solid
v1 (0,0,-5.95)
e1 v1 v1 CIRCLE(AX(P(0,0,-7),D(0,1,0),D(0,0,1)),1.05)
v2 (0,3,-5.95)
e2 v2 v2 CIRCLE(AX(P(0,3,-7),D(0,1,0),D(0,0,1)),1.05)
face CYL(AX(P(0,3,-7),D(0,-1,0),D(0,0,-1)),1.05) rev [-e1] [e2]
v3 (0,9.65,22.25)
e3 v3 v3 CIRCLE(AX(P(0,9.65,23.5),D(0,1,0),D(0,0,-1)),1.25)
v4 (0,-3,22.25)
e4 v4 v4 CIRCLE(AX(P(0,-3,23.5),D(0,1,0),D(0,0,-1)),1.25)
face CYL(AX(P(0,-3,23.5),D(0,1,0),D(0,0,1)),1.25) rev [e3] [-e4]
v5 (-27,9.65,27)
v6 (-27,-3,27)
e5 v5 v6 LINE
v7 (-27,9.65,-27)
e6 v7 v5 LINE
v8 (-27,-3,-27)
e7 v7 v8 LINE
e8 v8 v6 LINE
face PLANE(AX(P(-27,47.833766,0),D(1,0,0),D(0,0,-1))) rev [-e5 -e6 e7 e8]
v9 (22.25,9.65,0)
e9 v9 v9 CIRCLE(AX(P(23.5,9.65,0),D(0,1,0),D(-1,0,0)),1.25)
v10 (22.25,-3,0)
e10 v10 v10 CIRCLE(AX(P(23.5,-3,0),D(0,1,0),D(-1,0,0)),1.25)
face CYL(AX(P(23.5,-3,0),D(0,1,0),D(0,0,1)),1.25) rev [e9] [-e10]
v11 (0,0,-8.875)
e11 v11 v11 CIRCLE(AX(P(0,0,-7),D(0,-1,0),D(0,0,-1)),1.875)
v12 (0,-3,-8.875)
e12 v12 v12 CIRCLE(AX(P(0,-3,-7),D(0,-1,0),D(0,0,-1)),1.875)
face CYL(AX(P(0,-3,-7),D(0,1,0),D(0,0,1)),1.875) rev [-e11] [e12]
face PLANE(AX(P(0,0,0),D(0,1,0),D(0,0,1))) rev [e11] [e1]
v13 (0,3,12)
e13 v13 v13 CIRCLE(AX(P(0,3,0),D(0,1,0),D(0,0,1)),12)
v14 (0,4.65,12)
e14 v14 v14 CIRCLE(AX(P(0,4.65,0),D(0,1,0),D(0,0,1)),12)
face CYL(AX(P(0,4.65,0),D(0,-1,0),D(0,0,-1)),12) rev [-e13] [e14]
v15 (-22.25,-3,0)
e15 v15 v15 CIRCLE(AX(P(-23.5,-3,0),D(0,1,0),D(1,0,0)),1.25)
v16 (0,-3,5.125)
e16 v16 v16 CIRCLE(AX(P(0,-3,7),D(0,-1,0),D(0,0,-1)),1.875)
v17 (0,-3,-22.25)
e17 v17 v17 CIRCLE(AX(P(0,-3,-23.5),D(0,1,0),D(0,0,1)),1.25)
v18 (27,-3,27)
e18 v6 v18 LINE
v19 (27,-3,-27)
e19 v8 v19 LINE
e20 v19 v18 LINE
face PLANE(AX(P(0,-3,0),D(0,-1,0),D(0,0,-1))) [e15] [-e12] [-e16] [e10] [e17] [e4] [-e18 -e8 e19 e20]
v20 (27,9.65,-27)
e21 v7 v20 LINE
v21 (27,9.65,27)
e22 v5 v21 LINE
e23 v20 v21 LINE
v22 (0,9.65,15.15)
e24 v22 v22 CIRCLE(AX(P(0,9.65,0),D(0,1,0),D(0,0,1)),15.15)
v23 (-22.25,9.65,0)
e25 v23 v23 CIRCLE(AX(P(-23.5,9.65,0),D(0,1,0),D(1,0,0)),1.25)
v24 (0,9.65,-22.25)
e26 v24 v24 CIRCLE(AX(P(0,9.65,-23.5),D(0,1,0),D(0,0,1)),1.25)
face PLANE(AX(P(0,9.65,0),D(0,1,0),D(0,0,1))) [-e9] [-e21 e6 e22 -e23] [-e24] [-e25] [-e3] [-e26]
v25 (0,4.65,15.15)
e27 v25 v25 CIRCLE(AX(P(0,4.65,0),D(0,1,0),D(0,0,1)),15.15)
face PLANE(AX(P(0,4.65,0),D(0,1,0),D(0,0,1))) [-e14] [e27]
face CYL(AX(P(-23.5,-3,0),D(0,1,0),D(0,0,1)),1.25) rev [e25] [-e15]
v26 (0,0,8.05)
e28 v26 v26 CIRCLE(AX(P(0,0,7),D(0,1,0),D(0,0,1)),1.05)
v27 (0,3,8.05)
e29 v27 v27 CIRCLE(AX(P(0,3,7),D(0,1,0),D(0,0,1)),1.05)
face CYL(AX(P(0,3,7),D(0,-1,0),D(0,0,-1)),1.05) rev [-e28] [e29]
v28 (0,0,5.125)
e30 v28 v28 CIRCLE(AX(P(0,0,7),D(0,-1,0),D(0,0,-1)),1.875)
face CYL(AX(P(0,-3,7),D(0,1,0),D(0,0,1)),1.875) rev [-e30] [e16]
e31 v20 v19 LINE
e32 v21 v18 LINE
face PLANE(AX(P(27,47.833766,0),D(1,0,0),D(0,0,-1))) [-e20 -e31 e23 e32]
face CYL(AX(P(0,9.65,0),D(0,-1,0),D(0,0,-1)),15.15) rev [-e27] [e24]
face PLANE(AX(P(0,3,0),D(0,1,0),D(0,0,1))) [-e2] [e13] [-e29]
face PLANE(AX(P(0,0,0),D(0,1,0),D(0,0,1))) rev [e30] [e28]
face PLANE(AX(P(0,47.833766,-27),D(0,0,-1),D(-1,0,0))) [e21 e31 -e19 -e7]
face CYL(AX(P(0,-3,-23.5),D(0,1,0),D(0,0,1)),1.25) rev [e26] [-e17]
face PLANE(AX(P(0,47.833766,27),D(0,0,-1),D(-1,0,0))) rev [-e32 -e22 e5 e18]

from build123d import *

# Parameters (mm, degrees)
SKETCH1_R                       = 27
SKETCH1_R_2                     = 1.05
BOSS_EXTRUDE1_DEPTH             = 3
SKETCH2_R                       = 27
SKETCH2_R_2                     = 12
BOSS_EXTRUDE2_DEPTH             = 1.65
SKETCH3_R                       = 27
SKETCH3_R_2                     = 15.15
BOSS_EXTRUDE3_DEPTH             = 5
BOSS_EXTRUDE4_START             = 3
SKETCH4_R                       = 27
SKETCH4_R_2                     = 1.875
BOSS_EXTRUDE4_DEPTH             = 3
SKETCH6_R                       = 1.25
CUT_EXTRUDE2_DEPTH              = 41.224650402
CIRPATTERN2_COUNT               = 4
BOSS_EXTRUDE5_REACH             = 41.384
BOSS_EXTRUDE5_DIRECTION_2_REACH = 41.384


with BuildPart() as part:
    # Sketch1 → Boss-Extrude1 (new body)
    with BuildSketch(Plane(origin=(0, 0, 0), x_dir=(1, 0, 0), z_dir=(0, 1, 0))):
        with Locations(Location((0, 0, 0), (0, 0, 270))):
            Circle(SKETCH1_R)
        with Locations(Location((0, 7, 0), (0, 0, 270))):
            Circle(SKETCH1_R_2, mode=Mode.SUBTRACT)
        with Locations(Location((0, -7, 0), (0, 0, 270))):
            Circle(SKETCH1_R_2, mode=Mode.SUBTRACT)
    extrude(amount=BOSS_EXTRUDE1_DEPTH)

    # Sketch2 → Boss-Extrude2 (add)
    with BuildSketch(Plane(origin=(0, 3, 0), x_dir=(1, 0, 0), z_dir=(0, 1, 0))):
        with Locations(Location((0, 0, 0), (0, 0, 270))):
            Circle(SKETCH2_R)
        with Locations(Location((0, 0, 0), (0, 0, 270))):
            Circle(SKETCH2_R_2, mode=Mode.SUBTRACT)
    extrude(amount=BOSS_EXTRUDE2_DEPTH)

    # Sketch3 → Boss-Extrude3 (add)
    with BuildSketch(Plane(origin=(0, 4.65, 0), x_dir=(1, 0, 0), z_dir=(0, 1, 0))):
        with Locations(Location((0, 0, 0), (0, 0, 270))):
            Circle(SKETCH3_R)
        with Locations(Location((0, 0, 0), (0, 0, 270))):
            Circle(SKETCH3_R_2, mode=Mode.SUBTRACT)
    extrude(amount=BOSS_EXTRUDE3_DEPTH)

    # Sketch4 → Boss-Extrude4 (add)
    with BuildSketch(Plane.XZ.offset(BOSS_EXTRUDE4_START)):
        with Locations(Location((0, 0, 0), (0, 0, 270))):
            Circle(SKETCH4_R)
        with Locations(Location((0, -7, 0), (0, 0, 270))):
            Circle(SKETCH4_R_2, mode=Mode.SUBTRACT)
        with Locations(Location((0, 7, 0), (0, 0, 270))):
            Circle(SKETCH4_R_2, mode=Mode.SUBTRACT)
    extrude(amount=-BOSS_EXTRUDE4_DEPTH)

    # Sketch6 → Cut-Extrude2 (cut, through all)
    with BuildSketch(Plane(origin=(0, 9.65, 0), x_dir=(1, 0, 0), z_dir=(0, 1, 0))):
        with Locations(Location((0, 23.5, 0), (0, 0, 270))):
            Circle(SKETCH6_R)
    cut_extrude2 = extrude(amount=-CUT_EXTRUDE2_DEPTH, mode=Mode.SUBTRACT)

    # CirPattern2: Cut-Extrude2 ×4 about axis
    cirpattern2_axis = Axis((0, 0, 0), (0, 1, 0))
    for i in range(1, CIRPATTERN2_COUNT):
        add(cut_extrude2.rotate(cirpattern2_axis, i * 360 / CIRPATTERN2_COUNT), mode=Mode.SUBTRACT)

    # Boss-Extrude5: up to this face of the body (flat: up to its plane)
    boss_extrude5_end = Plane(part.part.faces().sort_by_distance((0, 9.65, -26.236324676))[0])
    # Sketch7 → Boss-Extrude5 (add, up to the picked face)
    with BuildSketch(Plane(origin=(0, 0, 0), x_dir=(1, 0, 0), z_dir=(0, 1, 0)), mode=Mode.PRIVATE) as boss_extrude5_sk1:
        with BuildLine():
            Line((0, 27), (-27, 27))
            Line((-27, 27), (-27, 0))
            ThreePointArc((-27, 0), (-19.091883092, 19.091883092), (0, 27))
        make_face()
    boss_extrude5_tool1 = split(extrude(boss_extrude5_sk1.sketch, amount=BOSS_EXTRUDE5_REACH, mode=Mode.PRIVATE), bisect_by=boss_extrude5_end, keep=Keep.BOTH, mode=Mode.PRIVATE)
    # Sketch7 → Boss-Extrude5 (add, up to the picked face)
    with BuildSketch(Plane(origin=(0, 0, 0), x_dir=(1, 0, 0), z_dir=(0, 1, 0)), mode=Mode.PRIVATE) as boss_extrude5_sk2:
        with BuildLine():
            Line((27, 27), (0, 27))
            ThreePointArc((0, 27), (19.091883092, 19.091883092), (27, 0))
            Line((27, 0), (27, 27))
        make_face()
    boss_extrude5_tool2 = split(extrude(boss_extrude5_sk2.sketch, amount=BOSS_EXTRUDE5_REACH, mode=Mode.PRIVATE), bisect_by=boss_extrude5_end, keep=Keep.BOTH, mode=Mode.PRIVATE)
    # Sketch7 → Boss-Extrude5 (add, up to the picked face)
    with BuildSketch(Plane(origin=(0, 0, 0), x_dir=(1, 0, 0), z_dir=(0, 1, 0)), mode=Mode.PRIVATE) as boss_extrude5_sk3:
        with BuildLine():
            Line((27, -27), (27, 0))
            ThreePointArc((27, 0), (19.091883057, -19.091883127), (-9.8e-08, -27))
            Line((-9.8e-08, -27), (27, -27))
        make_face()
    boss_extrude5_tool3 = split(extrude(boss_extrude5_sk3.sketch, amount=BOSS_EXTRUDE5_REACH, mode=Mode.PRIVATE), bisect_by=boss_extrude5_end, keep=Keep.BOTH, mode=Mode.PRIVATE)
    # Sketch7 → Boss-Extrude5 (add, up to the picked face)
    with BuildSketch(Plane(origin=(0, 0, 0), x_dir=(1, 0, 0), z_dir=(0, 1, 0)), mode=Mode.PRIVATE) as boss_extrude5_sk4:
        with BuildLine():
            ThreePointArc((-9.8e-08, -27), (-19.091883127, -19.091883057), (-27, 0))
            Line((-27, 0), (-27, -27))
            Line((-27, -27), (-9.8e-08, -27))
        make_face()
    boss_extrude5_tool4 = split(extrude(boss_extrude5_sk4.sketch, amount=BOSS_EXTRUDE5_REACH, mode=Mode.PRIVATE), bisect_by=boss_extrude5_end, keep=Keep.BOTH, mode=Mode.PRIVATE)
    add(boss_extrude5_tool1.solids().sort_by(Axis((-20.969066, 0, -20.969066), (0, 1, 0)))[0])
    add(boss_extrude5_tool2.solids().sort_by(Axis((20.969066, 0, -20.969066), (0, 1, 0)))[0])
    add(boss_extrude5_tool3.solids().sort_by(Axis((20.969066, 0, 20.969066), (0, 1, 0)))[0])
    add(boss_extrude5_tool4.solids().sort_by(Axis((-20.969066, 0, 20.969066), (0, 1, 0)))[0])

    # Boss-Extrude5 direction 2: up to this face of the body (flat: up to its plane)
    boss_extrude5_direction_2_end = Plane(part.part.faces().sort_by_distance((0, -3, 0))[0])
    # Sketch7 → Boss-Extrude5 direction 2 (add, up to the picked face)
    with BuildSketch(Plane(origin=(0, 0, 0), x_dir=(1, 0, 0), z_dir=(0, 1, 0)), mode=Mode.PRIVATE) as boss_extrude5_direction_2_sk1:
        with BuildLine():
            Line((0, 27), (-27, 27))
            Line((-27, 27), (-27, 0))
            ThreePointArc((-27, 0), (-19.091883092, 19.091883092), (0, 27))
        make_face()
    boss_extrude5_direction_2_tool1 = split(extrude(boss_extrude5_direction_2_sk1.sketch, amount=-BOSS_EXTRUDE5_DIRECTION_2_REACH, mode=Mode.PRIVATE), bisect_by=boss_extrude5_direction_2_end, keep=Keep.BOTH, mode=Mode.PRIVATE)
    # Sketch7 → Boss-Extrude5 direction 2 (add, up to the picked face)
    with BuildSketch(Plane(origin=(0, 0, 0), x_dir=(1, 0, 0), z_dir=(0, 1, 0)), mode=Mode.PRIVATE) as boss_extrude5_direction_2_sk2:
        with BuildLine():
            Line((27, 27), (0, 27))
            ThreePointArc((0, 27), (19.091883092, 19.091883092), (27, 0))
            Line((27, 0), (27, 27))
        make_face()
    boss_extrude5_direction_2_tool2 = split(extrude(boss_extrude5_direction_2_sk2.sketch, amount=-BOSS_EXTRUDE5_DIRECTION_2_REACH, mode=Mode.PRIVATE), bisect_by=boss_extrude5_direction_2_end, keep=Keep.BOTH, mode=Mode.PRIVATE)
    # Sketch7 → Boss-Extrude5 direction 2 (add, up to the picked face)
    with BuildSketch(Plane(origin=(0, 0, 0), x_dir=(1, 0, 0), z_dir=(0, 1, 0)), mode=Mode.PRIVATE) as boss_extrude5_direction_2_sk3:
        with BuildLine():
            Line((27, -27), (27, 0))
            ThreePointArc((27, 0), (19.091883057, -19.091883127), (-9.8e-08, -27))
            Line((-9.8e-08, -27), (27, -27))
        make_face()
    boss_extrude5_direction_2_tool3 = split(extrude(boss_extrude5_direction_2_sk3.sketch, amount=-BOSS_EXTRUDE5_DIRECTION_2_REACH, mode=Mode.PRIVATE), bisect_by=boss_extrude5_direction_2_end, keep=Keep.BOTH, mode=Mode.PRIVATE)
    # Sketch7 → Boss-Extrude5 direction 2 (add, up to the picked face)
    with BuildSketch(Plane(origin=(0, 0, 0), x_dir=(1, 0, 0), z_dir=(0, 1, 0)), mode=Mode.PRIVATE) as boss_extrude5_direction_2_sk4:
        with BuildLine():
            ThreePointArc((-9.8e-08, -27), (-19.091883127, -19.091883057), (-27, 0))
            Line((-27, 0), (-27, -27))
            Line((-27, -27), (-9.8e-08, -27))
        make_face()
    boss_extrude5_direction_2_tool4 = split(extrude(boss_extrude5_direction_2_sk4.sketch, amount=-BOSS_EXTRUDE5_DIRECTION_2_REACH, mode=Mode.PRIVATE), bisect_by=boss_extrude5_direction_2_end, keep=Keep.BOTH, mode=Mode.PRIVATE)
    add(boss_extrude5_direction_2_tool1.solids().sort_by(Axis((-20.969066, 0, -20.969066), (0, -1, 0)))[0])
    add(boss_extrude5_direction_2_tool2.solids().sort_by(Axis((20.969066, 0, -20.969066), (0, -1, 0)))[0])
    add(boss_extrude5_direction_2_tool3.solids().sort_by(Axis((20.969066, 0, 20.969066), (0, -1, 0)))[0])
    add(boss_extrude5_direction_2_tool4.solids().sort_by(Axis((-20.969066, 0, 20.969066), (0, -1, 0)))[0])


solid = part.part
